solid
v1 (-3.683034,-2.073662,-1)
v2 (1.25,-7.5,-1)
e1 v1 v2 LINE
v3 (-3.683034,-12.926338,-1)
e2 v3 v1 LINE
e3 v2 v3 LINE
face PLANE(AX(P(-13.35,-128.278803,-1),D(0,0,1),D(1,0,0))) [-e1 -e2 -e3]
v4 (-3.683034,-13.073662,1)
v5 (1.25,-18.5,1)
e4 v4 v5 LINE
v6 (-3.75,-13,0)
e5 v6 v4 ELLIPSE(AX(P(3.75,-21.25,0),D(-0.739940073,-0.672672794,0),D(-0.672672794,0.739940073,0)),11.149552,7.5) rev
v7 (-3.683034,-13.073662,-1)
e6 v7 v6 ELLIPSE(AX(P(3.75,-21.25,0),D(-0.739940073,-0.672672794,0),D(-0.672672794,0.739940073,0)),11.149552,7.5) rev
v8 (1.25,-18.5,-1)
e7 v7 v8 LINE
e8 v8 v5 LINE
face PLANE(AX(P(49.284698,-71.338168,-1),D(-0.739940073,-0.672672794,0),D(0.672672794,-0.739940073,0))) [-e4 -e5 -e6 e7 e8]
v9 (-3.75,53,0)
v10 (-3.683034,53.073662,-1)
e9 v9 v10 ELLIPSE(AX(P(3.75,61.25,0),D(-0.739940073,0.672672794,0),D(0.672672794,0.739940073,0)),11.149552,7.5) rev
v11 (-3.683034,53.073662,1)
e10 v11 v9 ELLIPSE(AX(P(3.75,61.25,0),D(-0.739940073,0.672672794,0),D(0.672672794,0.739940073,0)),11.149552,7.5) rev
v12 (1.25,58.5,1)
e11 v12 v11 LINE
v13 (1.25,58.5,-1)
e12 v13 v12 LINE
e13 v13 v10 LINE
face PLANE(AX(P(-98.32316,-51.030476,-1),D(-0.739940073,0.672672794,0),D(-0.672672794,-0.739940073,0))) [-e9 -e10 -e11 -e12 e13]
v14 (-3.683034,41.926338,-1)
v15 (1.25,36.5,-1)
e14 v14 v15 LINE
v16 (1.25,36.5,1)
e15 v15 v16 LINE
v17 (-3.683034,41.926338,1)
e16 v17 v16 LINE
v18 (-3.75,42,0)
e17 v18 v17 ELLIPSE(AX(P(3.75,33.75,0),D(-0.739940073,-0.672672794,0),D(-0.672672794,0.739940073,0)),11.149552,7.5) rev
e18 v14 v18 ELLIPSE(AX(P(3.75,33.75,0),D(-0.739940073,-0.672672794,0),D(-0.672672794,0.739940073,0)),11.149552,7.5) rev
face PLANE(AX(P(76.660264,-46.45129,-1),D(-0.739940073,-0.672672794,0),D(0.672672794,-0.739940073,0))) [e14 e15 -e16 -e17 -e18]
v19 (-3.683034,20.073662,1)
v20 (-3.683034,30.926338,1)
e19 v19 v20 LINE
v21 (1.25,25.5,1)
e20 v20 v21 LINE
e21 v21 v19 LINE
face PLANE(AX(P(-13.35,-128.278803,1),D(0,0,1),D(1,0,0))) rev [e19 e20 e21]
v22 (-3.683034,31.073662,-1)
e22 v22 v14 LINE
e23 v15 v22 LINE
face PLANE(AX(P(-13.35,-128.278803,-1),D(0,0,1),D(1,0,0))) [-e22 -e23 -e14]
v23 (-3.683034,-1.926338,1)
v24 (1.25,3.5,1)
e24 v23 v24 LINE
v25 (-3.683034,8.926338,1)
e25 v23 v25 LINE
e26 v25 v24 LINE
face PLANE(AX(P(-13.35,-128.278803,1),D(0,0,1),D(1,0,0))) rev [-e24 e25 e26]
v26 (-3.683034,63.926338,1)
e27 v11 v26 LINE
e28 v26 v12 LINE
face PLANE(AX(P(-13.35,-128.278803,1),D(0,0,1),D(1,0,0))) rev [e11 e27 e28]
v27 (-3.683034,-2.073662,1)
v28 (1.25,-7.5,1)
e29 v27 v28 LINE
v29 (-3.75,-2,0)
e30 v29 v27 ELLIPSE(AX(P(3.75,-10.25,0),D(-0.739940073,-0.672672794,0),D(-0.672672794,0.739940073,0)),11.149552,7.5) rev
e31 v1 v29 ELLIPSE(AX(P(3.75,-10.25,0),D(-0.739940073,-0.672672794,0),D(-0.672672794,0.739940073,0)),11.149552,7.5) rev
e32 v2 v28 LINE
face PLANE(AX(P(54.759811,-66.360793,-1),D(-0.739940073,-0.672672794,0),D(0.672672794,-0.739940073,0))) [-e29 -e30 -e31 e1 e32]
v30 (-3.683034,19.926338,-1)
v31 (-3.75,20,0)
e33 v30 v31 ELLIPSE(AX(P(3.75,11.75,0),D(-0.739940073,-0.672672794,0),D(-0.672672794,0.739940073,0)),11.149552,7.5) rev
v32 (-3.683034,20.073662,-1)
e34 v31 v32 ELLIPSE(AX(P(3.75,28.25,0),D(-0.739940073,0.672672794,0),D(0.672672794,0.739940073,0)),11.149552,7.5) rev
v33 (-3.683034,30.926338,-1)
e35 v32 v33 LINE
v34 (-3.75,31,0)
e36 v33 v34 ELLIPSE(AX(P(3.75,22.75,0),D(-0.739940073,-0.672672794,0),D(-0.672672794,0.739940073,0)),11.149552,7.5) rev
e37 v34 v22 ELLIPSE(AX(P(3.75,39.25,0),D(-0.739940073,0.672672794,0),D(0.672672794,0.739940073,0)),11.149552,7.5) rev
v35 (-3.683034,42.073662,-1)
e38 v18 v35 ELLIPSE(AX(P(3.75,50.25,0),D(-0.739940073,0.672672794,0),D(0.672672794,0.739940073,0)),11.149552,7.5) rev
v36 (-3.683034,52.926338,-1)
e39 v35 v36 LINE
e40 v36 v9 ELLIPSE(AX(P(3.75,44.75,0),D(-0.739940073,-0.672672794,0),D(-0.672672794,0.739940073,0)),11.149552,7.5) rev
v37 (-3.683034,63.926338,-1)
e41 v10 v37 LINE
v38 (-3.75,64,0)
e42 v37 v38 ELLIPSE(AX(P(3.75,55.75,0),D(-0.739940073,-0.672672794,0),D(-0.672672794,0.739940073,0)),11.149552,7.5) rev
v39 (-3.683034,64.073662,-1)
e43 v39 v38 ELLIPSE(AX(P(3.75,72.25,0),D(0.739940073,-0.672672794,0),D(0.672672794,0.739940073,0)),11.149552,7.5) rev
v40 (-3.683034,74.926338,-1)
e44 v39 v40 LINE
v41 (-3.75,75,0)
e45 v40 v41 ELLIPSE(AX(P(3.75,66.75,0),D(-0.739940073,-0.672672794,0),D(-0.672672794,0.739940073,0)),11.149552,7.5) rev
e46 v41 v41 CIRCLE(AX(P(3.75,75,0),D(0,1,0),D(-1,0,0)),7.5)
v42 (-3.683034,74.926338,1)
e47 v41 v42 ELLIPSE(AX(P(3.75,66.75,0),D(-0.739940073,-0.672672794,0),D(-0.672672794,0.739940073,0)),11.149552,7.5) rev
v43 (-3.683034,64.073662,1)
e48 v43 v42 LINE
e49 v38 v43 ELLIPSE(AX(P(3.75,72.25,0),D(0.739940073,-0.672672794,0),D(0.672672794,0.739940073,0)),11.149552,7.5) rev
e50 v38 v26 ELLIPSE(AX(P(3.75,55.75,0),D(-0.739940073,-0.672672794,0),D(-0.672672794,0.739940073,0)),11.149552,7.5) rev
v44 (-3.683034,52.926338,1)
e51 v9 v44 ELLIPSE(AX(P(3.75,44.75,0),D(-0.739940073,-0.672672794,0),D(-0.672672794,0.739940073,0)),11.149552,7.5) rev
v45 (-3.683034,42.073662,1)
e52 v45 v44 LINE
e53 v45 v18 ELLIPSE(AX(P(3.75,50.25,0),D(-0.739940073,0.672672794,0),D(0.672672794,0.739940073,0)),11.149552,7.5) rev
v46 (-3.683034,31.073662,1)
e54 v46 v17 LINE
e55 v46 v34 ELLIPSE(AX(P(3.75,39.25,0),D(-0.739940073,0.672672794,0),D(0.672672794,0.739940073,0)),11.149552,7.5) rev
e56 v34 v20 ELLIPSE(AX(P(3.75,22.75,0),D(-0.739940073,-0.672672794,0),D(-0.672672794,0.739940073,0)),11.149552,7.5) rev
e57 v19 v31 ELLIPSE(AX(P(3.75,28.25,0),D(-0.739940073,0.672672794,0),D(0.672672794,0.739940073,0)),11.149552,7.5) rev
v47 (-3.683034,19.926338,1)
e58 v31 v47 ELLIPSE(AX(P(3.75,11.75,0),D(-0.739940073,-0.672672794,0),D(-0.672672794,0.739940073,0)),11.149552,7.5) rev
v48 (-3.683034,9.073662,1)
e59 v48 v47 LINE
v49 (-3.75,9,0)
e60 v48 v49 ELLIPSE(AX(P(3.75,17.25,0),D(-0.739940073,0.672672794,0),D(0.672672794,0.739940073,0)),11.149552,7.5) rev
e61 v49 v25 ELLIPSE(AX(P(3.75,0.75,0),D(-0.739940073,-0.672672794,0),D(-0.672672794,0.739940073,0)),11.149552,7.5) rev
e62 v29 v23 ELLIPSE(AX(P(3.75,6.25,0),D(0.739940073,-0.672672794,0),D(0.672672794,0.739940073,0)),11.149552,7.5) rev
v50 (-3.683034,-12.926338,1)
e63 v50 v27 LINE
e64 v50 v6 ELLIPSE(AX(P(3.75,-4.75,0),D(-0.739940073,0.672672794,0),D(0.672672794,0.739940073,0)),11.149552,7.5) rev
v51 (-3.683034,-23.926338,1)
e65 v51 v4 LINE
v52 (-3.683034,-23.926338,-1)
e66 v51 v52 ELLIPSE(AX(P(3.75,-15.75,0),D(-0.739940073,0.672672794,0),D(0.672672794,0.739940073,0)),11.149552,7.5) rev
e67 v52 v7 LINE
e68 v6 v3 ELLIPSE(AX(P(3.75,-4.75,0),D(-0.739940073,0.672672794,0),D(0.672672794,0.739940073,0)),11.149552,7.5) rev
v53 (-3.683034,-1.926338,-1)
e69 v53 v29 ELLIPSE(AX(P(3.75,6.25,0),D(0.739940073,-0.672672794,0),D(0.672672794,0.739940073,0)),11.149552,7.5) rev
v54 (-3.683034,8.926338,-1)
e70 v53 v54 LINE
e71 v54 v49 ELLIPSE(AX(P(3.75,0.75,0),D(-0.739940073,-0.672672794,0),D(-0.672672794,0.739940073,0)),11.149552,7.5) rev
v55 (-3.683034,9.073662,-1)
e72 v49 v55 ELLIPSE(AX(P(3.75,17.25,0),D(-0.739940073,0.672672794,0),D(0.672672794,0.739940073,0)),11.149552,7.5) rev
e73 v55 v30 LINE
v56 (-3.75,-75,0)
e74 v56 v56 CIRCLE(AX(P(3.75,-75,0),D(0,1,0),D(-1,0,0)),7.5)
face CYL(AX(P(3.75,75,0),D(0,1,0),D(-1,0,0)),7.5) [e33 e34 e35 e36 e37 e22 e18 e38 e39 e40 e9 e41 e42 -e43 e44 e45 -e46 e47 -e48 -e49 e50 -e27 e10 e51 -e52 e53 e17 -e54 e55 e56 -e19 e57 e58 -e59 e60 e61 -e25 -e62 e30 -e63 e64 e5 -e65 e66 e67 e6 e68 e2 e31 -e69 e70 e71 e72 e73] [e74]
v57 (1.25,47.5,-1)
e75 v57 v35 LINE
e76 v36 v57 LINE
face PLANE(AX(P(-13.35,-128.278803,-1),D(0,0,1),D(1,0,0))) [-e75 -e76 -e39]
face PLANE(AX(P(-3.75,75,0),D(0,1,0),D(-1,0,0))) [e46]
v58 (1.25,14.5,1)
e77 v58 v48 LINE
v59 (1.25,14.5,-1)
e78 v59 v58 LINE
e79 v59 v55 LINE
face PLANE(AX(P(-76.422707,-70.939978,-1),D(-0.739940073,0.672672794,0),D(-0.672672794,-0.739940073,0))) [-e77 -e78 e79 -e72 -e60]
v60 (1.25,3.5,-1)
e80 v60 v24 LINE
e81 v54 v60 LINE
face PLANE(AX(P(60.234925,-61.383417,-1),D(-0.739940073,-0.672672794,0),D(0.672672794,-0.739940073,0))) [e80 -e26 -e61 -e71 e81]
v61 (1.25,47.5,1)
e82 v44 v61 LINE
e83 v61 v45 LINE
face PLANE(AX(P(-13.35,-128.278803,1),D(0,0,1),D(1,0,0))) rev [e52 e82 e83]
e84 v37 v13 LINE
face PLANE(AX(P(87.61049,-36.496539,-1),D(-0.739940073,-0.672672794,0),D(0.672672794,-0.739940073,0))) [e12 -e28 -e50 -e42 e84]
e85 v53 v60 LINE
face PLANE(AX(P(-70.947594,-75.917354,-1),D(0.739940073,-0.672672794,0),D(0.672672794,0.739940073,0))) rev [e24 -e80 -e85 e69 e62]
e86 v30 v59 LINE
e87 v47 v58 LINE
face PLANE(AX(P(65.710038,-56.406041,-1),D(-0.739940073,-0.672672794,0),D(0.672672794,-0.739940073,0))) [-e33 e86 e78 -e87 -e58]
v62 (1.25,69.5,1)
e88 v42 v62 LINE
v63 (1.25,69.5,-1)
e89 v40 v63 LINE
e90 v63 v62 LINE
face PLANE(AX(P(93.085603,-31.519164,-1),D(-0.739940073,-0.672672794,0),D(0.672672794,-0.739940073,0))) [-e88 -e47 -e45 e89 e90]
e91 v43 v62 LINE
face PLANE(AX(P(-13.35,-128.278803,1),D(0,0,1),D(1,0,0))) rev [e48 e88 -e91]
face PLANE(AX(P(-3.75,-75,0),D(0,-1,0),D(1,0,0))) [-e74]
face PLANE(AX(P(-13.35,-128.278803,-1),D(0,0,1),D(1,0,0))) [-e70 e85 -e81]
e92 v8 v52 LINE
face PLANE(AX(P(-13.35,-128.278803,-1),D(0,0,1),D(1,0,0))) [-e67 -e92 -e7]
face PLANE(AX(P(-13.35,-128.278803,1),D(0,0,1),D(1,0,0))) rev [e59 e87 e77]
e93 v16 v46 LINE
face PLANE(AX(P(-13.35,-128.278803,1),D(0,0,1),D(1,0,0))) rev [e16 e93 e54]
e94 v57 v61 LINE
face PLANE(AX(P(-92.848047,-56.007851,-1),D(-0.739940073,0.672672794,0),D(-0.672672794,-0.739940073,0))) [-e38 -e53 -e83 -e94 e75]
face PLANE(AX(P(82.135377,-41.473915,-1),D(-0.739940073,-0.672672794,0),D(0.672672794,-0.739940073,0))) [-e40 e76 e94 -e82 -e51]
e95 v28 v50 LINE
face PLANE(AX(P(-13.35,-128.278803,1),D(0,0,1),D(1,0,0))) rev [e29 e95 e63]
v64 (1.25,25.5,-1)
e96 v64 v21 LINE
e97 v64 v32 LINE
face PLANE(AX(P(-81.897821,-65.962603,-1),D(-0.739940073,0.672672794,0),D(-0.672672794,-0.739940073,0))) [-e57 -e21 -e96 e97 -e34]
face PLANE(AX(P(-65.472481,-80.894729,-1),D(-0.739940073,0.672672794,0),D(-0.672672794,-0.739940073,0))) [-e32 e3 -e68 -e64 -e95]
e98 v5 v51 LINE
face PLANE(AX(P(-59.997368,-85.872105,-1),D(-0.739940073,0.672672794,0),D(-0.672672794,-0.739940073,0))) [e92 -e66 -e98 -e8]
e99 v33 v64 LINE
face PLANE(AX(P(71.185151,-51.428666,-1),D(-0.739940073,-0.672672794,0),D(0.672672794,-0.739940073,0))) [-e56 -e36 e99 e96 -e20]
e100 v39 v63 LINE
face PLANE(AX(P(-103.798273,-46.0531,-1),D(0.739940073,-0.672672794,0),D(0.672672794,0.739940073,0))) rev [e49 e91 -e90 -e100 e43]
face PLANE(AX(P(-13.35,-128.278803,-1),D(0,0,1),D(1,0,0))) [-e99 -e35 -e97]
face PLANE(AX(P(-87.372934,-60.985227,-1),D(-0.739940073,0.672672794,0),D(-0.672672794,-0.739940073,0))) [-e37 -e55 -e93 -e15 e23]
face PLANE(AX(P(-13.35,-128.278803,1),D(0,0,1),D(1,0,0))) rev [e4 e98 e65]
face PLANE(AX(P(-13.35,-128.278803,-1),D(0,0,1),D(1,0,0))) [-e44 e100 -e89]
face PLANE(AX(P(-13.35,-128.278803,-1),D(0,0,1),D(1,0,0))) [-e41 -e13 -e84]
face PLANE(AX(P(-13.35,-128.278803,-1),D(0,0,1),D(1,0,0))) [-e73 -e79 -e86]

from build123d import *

# Parameters (mm, degrees)
SKETCH_1_W          = 7.5
SKETCH_1_H          = 150
CUT_EXTRUDE_1_DEPTH = 1


with BuildPart() as part:
    # 草图1 → 旋转1 (revolve)
    with BuildSketch(Plane.XY):
        Rectangle(SKETCH_1_W, SKETCH_1_H)
    revolve(axis=Axis((3.75, 75, 0), (0, -1, 0)))

    # 草图2 → 切除-拉伸1 (cut, symmetric)
    with BuildSketch(Plane.XY):
        Polygon((1.25, 69.5), (-3.75, 75), (-27.95, 75), (-27.95, -24), (-3.75, -24), (1.25, -18.5), (-3.75, -13), (1.25, -7.5), (-3.75, -2), (1.25, 3.5), (-3.75, 9), (1.25, 14.5), (-3.75, 20), (1.25, 25.5), (-3.75, 31), (1.25, 36.5), (-3.75, 42), (1.25, 47.5), (-3.75, 53), (1.25, 58.5), (-3.75, 64), align=None)
    extrude(amount=CUT_EXTRUDE_1_DEPTH, both=True, mode=Mode.SUBTRACT)


solid = part.part
